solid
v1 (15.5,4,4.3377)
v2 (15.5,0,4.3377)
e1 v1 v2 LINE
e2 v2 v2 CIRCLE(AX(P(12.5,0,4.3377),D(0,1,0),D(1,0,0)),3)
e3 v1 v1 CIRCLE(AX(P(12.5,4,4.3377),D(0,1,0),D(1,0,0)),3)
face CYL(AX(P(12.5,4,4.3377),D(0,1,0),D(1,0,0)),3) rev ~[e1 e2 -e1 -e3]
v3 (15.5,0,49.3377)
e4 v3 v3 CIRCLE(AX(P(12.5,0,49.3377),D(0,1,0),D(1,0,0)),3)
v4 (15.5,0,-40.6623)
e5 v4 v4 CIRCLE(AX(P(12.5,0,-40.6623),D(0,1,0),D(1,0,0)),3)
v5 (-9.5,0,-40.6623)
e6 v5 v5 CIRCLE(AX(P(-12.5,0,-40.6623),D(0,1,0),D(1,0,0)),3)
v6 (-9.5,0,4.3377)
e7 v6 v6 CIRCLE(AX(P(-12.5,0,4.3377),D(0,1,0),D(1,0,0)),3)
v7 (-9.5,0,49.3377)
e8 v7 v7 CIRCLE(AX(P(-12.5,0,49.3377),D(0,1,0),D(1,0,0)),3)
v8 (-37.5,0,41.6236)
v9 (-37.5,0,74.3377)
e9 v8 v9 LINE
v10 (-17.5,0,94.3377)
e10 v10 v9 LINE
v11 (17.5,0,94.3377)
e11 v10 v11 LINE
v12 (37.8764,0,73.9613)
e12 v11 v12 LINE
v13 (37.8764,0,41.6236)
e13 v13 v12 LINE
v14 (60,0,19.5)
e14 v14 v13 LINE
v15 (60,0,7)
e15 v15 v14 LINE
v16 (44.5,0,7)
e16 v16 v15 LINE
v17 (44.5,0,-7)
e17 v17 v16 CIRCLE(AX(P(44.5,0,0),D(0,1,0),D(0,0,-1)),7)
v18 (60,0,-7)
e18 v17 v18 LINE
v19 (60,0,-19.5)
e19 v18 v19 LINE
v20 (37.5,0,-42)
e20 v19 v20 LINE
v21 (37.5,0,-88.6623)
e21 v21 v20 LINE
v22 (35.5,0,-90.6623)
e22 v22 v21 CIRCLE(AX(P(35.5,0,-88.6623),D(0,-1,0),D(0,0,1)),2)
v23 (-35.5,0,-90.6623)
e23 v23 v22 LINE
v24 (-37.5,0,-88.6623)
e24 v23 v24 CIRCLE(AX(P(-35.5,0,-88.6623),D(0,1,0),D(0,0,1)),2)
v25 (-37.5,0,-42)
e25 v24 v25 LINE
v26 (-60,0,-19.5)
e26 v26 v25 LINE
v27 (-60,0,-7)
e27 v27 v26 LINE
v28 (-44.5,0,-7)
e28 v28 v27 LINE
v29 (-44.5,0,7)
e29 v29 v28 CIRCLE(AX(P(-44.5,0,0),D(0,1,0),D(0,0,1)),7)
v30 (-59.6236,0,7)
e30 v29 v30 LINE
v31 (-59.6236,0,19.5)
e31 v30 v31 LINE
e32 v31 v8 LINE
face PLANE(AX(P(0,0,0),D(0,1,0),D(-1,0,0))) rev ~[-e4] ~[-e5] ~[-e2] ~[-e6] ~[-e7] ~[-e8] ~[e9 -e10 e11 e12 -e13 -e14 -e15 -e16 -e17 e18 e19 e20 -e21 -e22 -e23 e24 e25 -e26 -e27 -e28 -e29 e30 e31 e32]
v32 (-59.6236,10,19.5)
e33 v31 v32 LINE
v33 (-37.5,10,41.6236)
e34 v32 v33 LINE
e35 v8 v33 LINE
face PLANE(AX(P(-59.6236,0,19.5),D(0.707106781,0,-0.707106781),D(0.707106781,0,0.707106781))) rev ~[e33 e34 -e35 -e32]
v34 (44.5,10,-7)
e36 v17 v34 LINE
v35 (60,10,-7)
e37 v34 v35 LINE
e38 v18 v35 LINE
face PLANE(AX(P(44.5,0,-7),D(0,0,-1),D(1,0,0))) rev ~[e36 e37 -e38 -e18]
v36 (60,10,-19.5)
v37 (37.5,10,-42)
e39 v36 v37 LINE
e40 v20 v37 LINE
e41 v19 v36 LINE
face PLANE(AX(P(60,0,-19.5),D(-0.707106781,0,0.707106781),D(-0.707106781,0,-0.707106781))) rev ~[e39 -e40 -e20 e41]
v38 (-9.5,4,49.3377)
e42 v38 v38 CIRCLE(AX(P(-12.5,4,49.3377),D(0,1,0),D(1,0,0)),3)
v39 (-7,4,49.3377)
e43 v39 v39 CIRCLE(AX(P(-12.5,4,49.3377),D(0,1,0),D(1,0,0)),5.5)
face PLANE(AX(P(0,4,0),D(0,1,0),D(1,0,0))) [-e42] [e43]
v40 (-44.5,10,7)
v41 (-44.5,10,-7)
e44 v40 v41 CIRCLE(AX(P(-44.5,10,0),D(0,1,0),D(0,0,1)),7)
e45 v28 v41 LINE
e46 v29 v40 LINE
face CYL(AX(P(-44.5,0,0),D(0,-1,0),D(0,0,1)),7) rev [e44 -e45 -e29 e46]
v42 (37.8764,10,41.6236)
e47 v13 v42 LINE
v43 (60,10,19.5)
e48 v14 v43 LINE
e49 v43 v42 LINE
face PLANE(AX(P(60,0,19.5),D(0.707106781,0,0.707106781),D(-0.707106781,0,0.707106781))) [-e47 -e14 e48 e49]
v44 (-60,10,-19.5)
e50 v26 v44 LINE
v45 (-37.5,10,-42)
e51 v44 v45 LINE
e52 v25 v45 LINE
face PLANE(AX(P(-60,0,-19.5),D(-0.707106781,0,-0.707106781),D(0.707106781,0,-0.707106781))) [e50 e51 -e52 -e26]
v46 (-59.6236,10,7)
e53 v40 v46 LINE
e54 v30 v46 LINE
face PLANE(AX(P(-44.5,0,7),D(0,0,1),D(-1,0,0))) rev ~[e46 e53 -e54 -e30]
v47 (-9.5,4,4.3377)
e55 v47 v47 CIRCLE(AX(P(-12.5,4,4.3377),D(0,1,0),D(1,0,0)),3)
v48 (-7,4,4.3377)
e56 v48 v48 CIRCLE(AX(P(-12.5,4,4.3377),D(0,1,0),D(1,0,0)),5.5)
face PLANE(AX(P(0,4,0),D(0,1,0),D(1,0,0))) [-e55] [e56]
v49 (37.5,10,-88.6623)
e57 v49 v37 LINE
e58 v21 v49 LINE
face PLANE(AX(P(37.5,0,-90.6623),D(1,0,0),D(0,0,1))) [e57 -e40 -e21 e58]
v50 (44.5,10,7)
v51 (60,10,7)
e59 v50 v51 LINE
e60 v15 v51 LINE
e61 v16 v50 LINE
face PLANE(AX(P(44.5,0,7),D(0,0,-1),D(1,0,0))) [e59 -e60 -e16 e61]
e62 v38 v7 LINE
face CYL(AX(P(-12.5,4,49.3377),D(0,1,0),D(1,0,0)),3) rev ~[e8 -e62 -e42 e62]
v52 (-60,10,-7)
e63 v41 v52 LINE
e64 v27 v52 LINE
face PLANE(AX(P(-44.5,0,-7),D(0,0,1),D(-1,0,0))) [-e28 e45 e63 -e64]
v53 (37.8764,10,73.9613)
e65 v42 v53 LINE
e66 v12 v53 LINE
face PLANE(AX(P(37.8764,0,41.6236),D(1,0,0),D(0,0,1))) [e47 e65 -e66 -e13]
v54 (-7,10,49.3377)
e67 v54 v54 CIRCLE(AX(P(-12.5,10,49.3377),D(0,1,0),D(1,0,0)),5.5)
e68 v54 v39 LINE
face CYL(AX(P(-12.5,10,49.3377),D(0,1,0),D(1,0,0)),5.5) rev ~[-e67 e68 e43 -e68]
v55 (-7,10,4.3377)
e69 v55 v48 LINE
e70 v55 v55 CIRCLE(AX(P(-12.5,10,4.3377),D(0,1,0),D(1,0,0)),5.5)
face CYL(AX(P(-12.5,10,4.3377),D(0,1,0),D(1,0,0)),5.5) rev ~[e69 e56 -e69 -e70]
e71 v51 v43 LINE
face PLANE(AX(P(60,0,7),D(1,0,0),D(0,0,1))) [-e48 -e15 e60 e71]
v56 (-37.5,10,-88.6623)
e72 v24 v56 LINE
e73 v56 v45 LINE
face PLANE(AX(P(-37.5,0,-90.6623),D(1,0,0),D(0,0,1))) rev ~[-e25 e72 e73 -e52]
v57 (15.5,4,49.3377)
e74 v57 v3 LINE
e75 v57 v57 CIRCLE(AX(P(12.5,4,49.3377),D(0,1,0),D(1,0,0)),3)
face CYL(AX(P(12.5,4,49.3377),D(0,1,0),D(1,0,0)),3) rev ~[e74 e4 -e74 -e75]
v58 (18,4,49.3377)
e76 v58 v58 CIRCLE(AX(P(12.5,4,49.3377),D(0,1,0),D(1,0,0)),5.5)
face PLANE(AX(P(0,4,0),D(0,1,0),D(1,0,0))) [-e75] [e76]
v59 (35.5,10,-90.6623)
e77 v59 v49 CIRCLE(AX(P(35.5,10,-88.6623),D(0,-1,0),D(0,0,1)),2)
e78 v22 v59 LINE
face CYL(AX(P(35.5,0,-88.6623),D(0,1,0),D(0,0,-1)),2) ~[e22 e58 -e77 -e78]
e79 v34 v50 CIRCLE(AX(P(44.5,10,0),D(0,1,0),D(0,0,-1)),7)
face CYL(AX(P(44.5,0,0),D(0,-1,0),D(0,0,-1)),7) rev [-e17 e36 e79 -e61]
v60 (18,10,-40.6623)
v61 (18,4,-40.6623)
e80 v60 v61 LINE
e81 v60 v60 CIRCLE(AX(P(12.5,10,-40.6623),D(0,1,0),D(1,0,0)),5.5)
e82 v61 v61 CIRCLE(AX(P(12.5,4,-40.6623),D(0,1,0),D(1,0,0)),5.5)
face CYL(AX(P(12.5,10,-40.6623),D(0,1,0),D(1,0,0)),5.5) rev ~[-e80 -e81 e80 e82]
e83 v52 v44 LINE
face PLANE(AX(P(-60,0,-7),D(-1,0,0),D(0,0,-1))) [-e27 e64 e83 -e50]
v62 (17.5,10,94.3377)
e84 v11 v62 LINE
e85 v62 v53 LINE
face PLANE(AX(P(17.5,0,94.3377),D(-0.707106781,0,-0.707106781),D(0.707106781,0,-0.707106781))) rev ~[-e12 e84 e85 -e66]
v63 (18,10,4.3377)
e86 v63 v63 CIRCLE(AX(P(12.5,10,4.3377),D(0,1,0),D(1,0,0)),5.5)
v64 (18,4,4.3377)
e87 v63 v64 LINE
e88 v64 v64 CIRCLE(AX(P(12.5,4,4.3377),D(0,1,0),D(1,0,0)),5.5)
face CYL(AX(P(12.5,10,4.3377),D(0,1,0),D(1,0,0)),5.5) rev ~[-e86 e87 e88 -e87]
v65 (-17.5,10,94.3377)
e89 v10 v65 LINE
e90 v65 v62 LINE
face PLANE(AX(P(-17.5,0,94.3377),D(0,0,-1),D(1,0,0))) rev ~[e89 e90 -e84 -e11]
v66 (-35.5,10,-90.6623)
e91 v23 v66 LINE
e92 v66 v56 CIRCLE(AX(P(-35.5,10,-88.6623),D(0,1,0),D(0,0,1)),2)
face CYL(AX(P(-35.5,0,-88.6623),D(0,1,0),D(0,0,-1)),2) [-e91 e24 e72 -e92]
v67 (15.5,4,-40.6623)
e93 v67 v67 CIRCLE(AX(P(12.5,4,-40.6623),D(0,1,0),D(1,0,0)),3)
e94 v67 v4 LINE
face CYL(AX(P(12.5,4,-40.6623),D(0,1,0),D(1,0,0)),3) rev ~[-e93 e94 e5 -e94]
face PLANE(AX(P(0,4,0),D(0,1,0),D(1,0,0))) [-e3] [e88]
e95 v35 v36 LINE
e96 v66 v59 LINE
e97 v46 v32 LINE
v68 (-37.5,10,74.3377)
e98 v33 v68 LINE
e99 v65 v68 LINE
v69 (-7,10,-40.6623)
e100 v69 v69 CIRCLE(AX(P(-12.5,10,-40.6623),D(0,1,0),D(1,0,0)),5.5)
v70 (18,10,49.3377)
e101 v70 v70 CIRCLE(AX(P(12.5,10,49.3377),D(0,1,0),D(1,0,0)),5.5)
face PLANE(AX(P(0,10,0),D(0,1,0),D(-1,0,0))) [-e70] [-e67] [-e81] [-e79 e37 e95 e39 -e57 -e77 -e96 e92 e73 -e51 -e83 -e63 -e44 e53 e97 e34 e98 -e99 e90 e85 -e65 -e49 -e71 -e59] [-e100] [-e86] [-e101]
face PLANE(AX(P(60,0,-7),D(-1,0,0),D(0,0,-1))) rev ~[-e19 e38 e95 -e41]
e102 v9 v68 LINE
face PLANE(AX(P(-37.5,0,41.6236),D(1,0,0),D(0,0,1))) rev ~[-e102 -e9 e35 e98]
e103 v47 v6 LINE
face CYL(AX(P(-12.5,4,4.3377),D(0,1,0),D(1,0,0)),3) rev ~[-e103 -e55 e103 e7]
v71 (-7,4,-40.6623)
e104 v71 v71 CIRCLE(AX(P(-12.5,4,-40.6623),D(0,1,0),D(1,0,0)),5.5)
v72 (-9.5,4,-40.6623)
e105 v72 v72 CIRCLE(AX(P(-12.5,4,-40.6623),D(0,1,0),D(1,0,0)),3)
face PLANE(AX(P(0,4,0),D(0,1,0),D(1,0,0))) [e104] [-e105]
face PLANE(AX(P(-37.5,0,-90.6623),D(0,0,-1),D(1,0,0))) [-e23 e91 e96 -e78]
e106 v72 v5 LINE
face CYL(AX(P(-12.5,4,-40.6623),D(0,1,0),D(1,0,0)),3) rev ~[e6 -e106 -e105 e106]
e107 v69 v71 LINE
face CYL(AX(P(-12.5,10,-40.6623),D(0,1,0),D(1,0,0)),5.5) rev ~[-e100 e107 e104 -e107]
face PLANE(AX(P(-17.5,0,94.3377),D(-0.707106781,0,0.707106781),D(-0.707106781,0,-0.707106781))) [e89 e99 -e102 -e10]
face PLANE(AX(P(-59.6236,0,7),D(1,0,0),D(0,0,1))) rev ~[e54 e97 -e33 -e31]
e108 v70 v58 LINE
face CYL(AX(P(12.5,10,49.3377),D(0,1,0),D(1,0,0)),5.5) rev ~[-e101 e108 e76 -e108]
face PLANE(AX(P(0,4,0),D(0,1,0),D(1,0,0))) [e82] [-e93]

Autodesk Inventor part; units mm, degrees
ref_plane "YZ Plane" through (0, 0, 0) normal (1, 0, 0) x (0, 1, 0)
ref_plane "XZ Plane" through (0, 0, 0) normal (0, 1, 0) x (-1, 0, 0)
ref_plane "XY Plane" through (0, 0, 0) normal (0, 0, 1) x (1, 0, 0)
sketch "Sketch1" plane through (0, 0, 0) normal (0, 1, 0) x (-1, 0, 0)
  arc A0 (-44.5, -7) -> (-44.5, 7) centre (-44.5, 0) ccw
  arc A1 (44.5, 7) -> (44.5, -7) centre (44.5, 0) ccw
  line L0 (44.5, 7) -> (59.6236, 7)
  line L1 (44.5, -7) -> (60, -7)
  line L2 (-44.5, 7) -> (-60, 7)
  line L3 (-44.5, -7) -> (-60, -7)
  line L4 (60, -7) -> (60, -19.5)
  line L5 (-60, 7) -> (-60, 19.5)
  line L6 (59.6236, 7) -> (59.6236, 19.5)
  line L7 (-60, -7) -> (-60, -19.5)
  line L8 (37.5, -90.6623) -> (-37.5, -90.6623)
  line L9 (17.5, 94.3377) -> (-17.5, 94.3377)
  line L10 (60, -19.5) -> (37.5, -42)
  line L11 (-60, -19.5) -> (-37.5, -42)
  line L12 (37.5, -90.6623) -> (37.5, -42)
  line L13 (-37.5, -90.6623) -> (-37.5, -42)
  line L14 (59.6236, 19.5) -> (37.5, 41.6236)
  line L15 (-60, 19.5) -> (-37.8764, 41.6236)
  line L16 (37.5, 41.6236) -> (37.5, 74.3377)
  line L17 (-37.8764, 41.6236) -> (-37.8764, 73.9613)
  line L18 (17.5, 94.3377) -> (37.5, 74.3377)
  line L19 (-17.5, 94.3377) -> (-37.8764, 73.9613)
  point P0 (0, 0)
  dimension "d0" = 89
  dimension "d1" = 44.5
  dimension "d5" = 60
  dimension "d10" = 39
  dimension "d11" = 19.5
  dimension "d12" = 19.5
  dimension "d13" = 39
  dimension "d14" = 19.5
  dimension "d15" = 19.5
  dimension "d16" = 75
  dimension "d17" = 37.5
  dimension "d18" = 35
  dimension "d19" = 17.5
  dimension "d20" = 185
  dimension "d22" = 45
  dimension "d23" = 45
  dimension "d24" = 45
  dimension "d25" = 45
  dimension "d28" = 45
  dimension "d29" = 45
extrude "Extrusion1" add sketch "Sketch1" along normal blind 10
sketch "Sketch2" plane through (0, 10, 0) normal (0, 1, 0) x (1, 0, 0)
  circle A0 centre (-12.5, 40.6623) radius 5.5
  circle A1 centre (-12.5, -4.3377) radius 5.5
  circle A2 centre (-12.5, -49.3377) radius 5.5
  line L0 (37.5, 90.6623) -> (-37.5, 90.6623) projected
  circle A3 centre (12.5, -49.3377) radius 5.5
  circle A4 centre (12.5, -4.3377) radius 5.5
  circle A5 centre (12.5, 40.6623) radius 5.5
  point P0 (0, 0)
  dimension "d32" = 11
  dimension "d33" = 11
  dimension "d34" = 11
  dimension "d35" = 50
  dimension "d36" = 45
  dimension "d37" = 45
  dimension "d38" = 11
  dimension "d39" = 11
  dimension "d40" = 11
  dimension "d41" = 25
  dimension "d42" = 12.5
  dimension "d43" = 12.5
  dimension "d44" = 12.5
  dimension "d45" = 12.5
  dimension "d46" = 12.5
extrude "Extrusion2" cut sketch "Sketch2" against normal blind 6
sketch "Sketch3" plane through (-12.5, 4, 4.3377) normal (0, 1, 0) x (1, 0, 0)
  circle A0 centre (0, 0) radius 3
  circle A1 centre (25, 0) radius 5.5 projected
  circle A2 centre (25, 0) radius 3
  circle A3 centre (0, -45) radius 5.5 projected
  circle A4 centre (0, -45) radius 3
  circle A5 centre (0, 45) radius 5.5 projected
  circle A6 centre (25, 45) radius 5.5 projected
  circle A7 centre (25, -45) radius 3
  circle A8 centre (25, 45) radius 3
  circle A9 centre (0, 45) radius 3
  point P0 (12.5, 4.3377)
  dimension "d51" = 6
  dimension "d52" = 6
  dimension "d53" = 6
  dimension "d55" = 6
  dimension "d56" = 6
  dimension "d57" = 6
extrude "Extrusion3" cut sketch "Sketch3" against normal blind 6 contours A0 | A2 | A4 | A7 | A8 | A9
fillet "Fillet1" radius 2 1 edges at (-37.5, 5, -90.6623)
fillet "Fillet2" radius 2 1 edges at (37.5, 5, -90.6623)
properties part number "Groundplate"
